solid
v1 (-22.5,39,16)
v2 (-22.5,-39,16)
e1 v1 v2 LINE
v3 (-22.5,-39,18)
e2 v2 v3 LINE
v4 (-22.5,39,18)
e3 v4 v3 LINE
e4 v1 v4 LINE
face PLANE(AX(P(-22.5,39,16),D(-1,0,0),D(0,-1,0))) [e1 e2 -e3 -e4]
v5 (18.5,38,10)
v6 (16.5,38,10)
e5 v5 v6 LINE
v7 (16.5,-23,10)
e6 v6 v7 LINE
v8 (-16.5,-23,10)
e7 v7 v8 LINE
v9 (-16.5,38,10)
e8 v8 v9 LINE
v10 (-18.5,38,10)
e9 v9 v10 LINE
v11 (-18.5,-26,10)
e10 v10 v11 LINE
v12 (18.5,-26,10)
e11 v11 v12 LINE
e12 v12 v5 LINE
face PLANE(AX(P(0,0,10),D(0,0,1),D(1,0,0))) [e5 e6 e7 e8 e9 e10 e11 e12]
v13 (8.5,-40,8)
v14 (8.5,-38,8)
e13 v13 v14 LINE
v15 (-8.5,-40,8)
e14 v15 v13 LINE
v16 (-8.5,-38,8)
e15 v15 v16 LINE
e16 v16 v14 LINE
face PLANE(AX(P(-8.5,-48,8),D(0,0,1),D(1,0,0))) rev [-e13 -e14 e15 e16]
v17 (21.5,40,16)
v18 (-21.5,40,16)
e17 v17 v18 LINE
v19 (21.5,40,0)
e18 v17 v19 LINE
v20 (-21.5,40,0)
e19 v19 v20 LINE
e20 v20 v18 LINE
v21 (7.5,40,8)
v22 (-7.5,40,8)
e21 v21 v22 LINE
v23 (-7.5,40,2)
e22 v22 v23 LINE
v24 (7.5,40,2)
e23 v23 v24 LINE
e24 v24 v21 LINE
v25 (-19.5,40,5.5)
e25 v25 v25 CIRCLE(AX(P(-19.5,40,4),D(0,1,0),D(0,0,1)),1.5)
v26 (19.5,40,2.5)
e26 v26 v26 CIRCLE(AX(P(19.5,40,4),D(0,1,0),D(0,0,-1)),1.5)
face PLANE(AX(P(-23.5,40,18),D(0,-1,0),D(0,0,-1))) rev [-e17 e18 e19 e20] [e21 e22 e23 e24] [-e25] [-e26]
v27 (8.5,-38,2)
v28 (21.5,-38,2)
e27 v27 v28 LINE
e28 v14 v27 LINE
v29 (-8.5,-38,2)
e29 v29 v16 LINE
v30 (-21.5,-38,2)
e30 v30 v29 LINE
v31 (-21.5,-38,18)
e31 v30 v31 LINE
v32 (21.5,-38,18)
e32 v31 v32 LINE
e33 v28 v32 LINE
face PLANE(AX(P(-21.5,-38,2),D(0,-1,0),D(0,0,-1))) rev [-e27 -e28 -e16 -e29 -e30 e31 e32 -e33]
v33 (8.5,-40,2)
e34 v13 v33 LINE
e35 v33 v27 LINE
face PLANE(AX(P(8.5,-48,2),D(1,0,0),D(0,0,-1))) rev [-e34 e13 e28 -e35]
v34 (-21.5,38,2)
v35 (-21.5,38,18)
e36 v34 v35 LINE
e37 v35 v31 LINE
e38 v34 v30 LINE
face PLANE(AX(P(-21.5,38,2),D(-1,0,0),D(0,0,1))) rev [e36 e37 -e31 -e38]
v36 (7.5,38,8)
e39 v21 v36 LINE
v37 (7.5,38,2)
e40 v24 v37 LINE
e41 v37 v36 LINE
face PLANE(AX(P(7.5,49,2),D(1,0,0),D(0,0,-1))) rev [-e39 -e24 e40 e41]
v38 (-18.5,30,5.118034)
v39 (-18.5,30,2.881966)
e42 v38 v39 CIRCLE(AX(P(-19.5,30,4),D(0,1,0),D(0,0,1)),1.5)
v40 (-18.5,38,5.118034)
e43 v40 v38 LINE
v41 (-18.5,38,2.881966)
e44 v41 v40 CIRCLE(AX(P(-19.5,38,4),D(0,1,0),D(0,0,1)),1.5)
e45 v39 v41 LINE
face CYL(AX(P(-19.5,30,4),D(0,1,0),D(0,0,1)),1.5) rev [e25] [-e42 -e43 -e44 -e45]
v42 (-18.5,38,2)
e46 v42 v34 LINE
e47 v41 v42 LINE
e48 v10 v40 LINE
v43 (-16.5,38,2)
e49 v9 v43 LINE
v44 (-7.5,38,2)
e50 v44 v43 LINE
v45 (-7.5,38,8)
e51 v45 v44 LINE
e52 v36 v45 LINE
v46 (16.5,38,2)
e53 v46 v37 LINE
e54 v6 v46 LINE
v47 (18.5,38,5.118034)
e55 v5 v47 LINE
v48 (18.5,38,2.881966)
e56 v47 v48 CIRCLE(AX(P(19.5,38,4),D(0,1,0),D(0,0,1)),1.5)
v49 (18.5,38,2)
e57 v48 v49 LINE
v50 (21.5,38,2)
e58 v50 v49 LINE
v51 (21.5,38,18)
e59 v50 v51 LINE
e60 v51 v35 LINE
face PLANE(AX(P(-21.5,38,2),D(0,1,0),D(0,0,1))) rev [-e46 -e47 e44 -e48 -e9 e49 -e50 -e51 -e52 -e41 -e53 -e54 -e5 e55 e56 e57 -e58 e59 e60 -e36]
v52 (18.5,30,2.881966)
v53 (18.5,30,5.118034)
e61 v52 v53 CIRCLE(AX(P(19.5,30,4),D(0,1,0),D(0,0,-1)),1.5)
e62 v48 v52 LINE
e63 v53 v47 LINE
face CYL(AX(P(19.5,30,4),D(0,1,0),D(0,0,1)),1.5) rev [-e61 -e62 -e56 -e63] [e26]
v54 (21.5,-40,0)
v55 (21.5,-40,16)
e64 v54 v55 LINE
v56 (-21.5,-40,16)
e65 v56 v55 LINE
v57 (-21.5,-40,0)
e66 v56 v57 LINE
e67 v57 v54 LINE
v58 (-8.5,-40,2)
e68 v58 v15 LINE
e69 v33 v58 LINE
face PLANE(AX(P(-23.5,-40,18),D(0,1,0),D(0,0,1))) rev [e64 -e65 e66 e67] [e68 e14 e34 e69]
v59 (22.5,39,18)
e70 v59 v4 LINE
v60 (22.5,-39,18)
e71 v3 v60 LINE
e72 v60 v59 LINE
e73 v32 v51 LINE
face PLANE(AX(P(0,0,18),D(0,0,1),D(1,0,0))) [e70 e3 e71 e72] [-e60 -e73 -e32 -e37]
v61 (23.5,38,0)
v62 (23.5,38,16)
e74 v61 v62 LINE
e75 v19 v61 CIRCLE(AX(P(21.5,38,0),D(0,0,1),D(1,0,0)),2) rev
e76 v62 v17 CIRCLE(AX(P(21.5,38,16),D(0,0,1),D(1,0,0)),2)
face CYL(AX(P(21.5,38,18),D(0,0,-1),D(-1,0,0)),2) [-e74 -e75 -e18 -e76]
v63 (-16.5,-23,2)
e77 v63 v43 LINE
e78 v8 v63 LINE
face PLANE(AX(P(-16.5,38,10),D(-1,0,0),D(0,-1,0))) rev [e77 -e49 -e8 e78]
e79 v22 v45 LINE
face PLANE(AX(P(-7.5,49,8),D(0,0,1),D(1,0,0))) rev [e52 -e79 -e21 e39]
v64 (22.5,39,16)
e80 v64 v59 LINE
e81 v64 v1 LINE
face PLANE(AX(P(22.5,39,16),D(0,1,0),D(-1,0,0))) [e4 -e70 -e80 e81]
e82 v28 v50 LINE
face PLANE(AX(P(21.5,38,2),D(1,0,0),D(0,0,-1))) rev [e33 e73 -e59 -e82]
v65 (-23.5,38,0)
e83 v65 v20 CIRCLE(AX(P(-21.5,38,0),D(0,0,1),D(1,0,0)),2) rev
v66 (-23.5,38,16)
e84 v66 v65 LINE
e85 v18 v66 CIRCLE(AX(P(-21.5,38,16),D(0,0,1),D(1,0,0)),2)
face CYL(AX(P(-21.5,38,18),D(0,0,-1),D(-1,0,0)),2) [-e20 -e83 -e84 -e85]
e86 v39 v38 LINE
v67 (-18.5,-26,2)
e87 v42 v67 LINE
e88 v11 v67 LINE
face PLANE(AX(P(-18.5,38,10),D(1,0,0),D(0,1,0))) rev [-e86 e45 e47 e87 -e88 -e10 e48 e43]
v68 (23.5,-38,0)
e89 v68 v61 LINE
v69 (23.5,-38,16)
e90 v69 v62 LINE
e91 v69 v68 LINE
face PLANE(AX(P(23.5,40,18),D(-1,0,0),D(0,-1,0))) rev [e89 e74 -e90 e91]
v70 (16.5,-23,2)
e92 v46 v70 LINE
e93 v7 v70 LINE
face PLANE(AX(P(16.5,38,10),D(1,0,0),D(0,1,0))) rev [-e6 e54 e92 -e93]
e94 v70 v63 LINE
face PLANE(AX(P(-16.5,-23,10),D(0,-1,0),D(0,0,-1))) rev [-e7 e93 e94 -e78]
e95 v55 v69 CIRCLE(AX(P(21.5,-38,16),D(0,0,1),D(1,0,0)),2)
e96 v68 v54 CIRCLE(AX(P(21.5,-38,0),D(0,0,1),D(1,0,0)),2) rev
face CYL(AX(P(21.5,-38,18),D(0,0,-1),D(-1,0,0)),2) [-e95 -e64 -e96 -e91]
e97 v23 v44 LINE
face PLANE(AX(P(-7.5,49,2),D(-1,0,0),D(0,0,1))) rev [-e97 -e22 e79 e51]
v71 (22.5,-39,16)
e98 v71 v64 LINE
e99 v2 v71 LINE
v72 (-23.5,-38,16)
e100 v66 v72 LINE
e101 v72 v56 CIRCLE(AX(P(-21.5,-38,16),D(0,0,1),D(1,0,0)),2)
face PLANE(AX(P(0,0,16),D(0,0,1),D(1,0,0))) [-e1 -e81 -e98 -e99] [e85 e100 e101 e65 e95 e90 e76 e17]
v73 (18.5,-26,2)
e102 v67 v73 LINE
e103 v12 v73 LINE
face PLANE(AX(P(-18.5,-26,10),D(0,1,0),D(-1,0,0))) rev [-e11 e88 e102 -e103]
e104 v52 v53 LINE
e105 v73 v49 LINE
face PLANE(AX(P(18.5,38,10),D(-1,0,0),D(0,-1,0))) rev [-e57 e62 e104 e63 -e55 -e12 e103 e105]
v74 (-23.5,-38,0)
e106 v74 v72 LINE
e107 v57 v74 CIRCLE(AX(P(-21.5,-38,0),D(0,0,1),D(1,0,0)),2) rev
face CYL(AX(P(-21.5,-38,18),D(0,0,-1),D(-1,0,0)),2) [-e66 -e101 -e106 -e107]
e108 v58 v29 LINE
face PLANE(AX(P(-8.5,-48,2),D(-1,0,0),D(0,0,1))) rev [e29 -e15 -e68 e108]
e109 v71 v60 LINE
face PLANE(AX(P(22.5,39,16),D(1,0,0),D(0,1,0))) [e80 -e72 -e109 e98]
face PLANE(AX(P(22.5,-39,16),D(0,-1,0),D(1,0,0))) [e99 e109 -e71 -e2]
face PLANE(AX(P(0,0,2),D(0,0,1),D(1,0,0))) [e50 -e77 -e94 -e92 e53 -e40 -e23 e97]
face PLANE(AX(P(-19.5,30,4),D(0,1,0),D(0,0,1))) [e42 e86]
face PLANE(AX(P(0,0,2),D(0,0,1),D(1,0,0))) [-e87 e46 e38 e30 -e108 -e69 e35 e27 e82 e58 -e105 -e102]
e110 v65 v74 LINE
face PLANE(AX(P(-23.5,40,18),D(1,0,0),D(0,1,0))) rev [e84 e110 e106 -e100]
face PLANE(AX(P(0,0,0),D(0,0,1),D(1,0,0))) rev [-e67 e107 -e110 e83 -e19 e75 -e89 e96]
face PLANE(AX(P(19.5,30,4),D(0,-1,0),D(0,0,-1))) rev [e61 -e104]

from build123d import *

# Parameters (mm, degrees)
SKETCH1_W           = 47
SKETCH1_H           = 80
BOSS_EXTRUDE1_DEPTH = 18
SKETCH2_W           = 43
SKETCH2_H           = 76
CUT_EXTRUDE1_DEPTH  = 16
BOSS_EXTRUDE2_DEPTH = 8
SKETCH6_W           = 15
SKETCH6_H           = 6
CUT_EXTRUDE4_DEPTH  = 11
SKETCH8_W           = 47
SKETCH8_H           = 80
SKETCH8_W_2         = 45
SKETCH8_H_2         = 78
CUT_EXTRUDE5_DEPTH  = 2
SKETCH9_R           = 1.5
CUT_EXTRUDE6_DEPTH  = 10
SKETCH11_W          = 17
SKETCH11_H          = 6
CUT_EXTRUDE9_DEPTH  = 10
FILLET4_R           = 2


with BuildPart() as part:
    # Sketch1 → Boss-Extrude1 (new body)
    with BuildSketch(Plane.XY):
        Rectangle(SKETCH1_W, SKETCH1_H)
    extrude(amount=BOSS_EXTRUDE1_DEPTH)

    # Sketch2 → Cut-Extrude1 (cut)
    with BuildSketch(Plane.XY.offset(18)):
        Rectangle(SKETCH2_W, SKETCH2_H)
    extrude(amount=-CUT_EXTRUDE1_DEPTH, mode=Mode.SUBTRACT)

    # Sketch3 → Boss-Extrude2 (add)
    with BuildSketch(Plane.XY.offset(2)):
        Polygon((-18.5, 38), (-16.5, 38), (-16.5, -23), (16.5, -23), (16.5, 38), (18.5, 38), (18.5, -26), (-18.5, -26), align=None)
    extrude(amount=BOSS_EXTRUDE2_DEPTH)

    # Sketch6 → Cut-Extrude4 (cut)
    with BuildSketch(Plane.XZ.offset(-38)):
        with Locations((0, 5)):
            Rectangle(SKETCH6_W, SKETCH6_H)
    extrude(amount=-CUT_EXTRUDE4_DEPTH, mode=Mode.SUBTRACT)

    # Sketch8 → Cut-Extrude5 (cut)
    with BuildSketch(Plane.XY.offset(18)):
        Rectangle(SKETCH8_W, SKETCH8_H)
        Rectangle(SKETCH8_W_2, SKETCH8_H_2, mode=Mode.SUBTRACT)
    extrude(amount=-CUT_EXTRUDE5_DEPTH, mode=Mode.SUBTRACT)

    # Sketch9 → Cut-Extrude6 (cut)
    with BuildSketch(Plane(origin=(0, 40, 0), x_dir=(1, 0, 0), z_dir=(0, 1, 0))):
        with Locations(Location((-19.5, -4, 0), (0, 0, 270))):
            Circle(SKETCH9_R)
        with Locations(Location((19.5, -4, 0), (0, 0, 228.189685104))):
            Circle(SKETCH9_R)
    extrude(amount=-CUT_EXTRUDE6_DEPTH, mode=Mode.SUBTRACT)

    # Sketch11 → Cut-Extrude9 (cut)
    with BuildSketch(Plane(origin=(0, -38, 0), x_dir=(1, 0, 0), z_dir=(0, 1, 0))):
        with Locations((0, -5)):
            Rectangle(SKETCH11_W, SKETCH11_H)
    extrude(amount=-CUT_EXTRUDE9_DEPTH, mode=Mode.SUBTRACT)

    # Fillet4
    fillet4_edges = [part.edges().sort_by_distance(p)[0] for p in [
        (23.5, -40, 8),
        (-23.5, -40, 8),
        (-23.5, 40, 8),
        (23.5, 40, 8),
    ]]
    fillet(fillet4_edges, radius=FILLET4_R)


solid = part.part
